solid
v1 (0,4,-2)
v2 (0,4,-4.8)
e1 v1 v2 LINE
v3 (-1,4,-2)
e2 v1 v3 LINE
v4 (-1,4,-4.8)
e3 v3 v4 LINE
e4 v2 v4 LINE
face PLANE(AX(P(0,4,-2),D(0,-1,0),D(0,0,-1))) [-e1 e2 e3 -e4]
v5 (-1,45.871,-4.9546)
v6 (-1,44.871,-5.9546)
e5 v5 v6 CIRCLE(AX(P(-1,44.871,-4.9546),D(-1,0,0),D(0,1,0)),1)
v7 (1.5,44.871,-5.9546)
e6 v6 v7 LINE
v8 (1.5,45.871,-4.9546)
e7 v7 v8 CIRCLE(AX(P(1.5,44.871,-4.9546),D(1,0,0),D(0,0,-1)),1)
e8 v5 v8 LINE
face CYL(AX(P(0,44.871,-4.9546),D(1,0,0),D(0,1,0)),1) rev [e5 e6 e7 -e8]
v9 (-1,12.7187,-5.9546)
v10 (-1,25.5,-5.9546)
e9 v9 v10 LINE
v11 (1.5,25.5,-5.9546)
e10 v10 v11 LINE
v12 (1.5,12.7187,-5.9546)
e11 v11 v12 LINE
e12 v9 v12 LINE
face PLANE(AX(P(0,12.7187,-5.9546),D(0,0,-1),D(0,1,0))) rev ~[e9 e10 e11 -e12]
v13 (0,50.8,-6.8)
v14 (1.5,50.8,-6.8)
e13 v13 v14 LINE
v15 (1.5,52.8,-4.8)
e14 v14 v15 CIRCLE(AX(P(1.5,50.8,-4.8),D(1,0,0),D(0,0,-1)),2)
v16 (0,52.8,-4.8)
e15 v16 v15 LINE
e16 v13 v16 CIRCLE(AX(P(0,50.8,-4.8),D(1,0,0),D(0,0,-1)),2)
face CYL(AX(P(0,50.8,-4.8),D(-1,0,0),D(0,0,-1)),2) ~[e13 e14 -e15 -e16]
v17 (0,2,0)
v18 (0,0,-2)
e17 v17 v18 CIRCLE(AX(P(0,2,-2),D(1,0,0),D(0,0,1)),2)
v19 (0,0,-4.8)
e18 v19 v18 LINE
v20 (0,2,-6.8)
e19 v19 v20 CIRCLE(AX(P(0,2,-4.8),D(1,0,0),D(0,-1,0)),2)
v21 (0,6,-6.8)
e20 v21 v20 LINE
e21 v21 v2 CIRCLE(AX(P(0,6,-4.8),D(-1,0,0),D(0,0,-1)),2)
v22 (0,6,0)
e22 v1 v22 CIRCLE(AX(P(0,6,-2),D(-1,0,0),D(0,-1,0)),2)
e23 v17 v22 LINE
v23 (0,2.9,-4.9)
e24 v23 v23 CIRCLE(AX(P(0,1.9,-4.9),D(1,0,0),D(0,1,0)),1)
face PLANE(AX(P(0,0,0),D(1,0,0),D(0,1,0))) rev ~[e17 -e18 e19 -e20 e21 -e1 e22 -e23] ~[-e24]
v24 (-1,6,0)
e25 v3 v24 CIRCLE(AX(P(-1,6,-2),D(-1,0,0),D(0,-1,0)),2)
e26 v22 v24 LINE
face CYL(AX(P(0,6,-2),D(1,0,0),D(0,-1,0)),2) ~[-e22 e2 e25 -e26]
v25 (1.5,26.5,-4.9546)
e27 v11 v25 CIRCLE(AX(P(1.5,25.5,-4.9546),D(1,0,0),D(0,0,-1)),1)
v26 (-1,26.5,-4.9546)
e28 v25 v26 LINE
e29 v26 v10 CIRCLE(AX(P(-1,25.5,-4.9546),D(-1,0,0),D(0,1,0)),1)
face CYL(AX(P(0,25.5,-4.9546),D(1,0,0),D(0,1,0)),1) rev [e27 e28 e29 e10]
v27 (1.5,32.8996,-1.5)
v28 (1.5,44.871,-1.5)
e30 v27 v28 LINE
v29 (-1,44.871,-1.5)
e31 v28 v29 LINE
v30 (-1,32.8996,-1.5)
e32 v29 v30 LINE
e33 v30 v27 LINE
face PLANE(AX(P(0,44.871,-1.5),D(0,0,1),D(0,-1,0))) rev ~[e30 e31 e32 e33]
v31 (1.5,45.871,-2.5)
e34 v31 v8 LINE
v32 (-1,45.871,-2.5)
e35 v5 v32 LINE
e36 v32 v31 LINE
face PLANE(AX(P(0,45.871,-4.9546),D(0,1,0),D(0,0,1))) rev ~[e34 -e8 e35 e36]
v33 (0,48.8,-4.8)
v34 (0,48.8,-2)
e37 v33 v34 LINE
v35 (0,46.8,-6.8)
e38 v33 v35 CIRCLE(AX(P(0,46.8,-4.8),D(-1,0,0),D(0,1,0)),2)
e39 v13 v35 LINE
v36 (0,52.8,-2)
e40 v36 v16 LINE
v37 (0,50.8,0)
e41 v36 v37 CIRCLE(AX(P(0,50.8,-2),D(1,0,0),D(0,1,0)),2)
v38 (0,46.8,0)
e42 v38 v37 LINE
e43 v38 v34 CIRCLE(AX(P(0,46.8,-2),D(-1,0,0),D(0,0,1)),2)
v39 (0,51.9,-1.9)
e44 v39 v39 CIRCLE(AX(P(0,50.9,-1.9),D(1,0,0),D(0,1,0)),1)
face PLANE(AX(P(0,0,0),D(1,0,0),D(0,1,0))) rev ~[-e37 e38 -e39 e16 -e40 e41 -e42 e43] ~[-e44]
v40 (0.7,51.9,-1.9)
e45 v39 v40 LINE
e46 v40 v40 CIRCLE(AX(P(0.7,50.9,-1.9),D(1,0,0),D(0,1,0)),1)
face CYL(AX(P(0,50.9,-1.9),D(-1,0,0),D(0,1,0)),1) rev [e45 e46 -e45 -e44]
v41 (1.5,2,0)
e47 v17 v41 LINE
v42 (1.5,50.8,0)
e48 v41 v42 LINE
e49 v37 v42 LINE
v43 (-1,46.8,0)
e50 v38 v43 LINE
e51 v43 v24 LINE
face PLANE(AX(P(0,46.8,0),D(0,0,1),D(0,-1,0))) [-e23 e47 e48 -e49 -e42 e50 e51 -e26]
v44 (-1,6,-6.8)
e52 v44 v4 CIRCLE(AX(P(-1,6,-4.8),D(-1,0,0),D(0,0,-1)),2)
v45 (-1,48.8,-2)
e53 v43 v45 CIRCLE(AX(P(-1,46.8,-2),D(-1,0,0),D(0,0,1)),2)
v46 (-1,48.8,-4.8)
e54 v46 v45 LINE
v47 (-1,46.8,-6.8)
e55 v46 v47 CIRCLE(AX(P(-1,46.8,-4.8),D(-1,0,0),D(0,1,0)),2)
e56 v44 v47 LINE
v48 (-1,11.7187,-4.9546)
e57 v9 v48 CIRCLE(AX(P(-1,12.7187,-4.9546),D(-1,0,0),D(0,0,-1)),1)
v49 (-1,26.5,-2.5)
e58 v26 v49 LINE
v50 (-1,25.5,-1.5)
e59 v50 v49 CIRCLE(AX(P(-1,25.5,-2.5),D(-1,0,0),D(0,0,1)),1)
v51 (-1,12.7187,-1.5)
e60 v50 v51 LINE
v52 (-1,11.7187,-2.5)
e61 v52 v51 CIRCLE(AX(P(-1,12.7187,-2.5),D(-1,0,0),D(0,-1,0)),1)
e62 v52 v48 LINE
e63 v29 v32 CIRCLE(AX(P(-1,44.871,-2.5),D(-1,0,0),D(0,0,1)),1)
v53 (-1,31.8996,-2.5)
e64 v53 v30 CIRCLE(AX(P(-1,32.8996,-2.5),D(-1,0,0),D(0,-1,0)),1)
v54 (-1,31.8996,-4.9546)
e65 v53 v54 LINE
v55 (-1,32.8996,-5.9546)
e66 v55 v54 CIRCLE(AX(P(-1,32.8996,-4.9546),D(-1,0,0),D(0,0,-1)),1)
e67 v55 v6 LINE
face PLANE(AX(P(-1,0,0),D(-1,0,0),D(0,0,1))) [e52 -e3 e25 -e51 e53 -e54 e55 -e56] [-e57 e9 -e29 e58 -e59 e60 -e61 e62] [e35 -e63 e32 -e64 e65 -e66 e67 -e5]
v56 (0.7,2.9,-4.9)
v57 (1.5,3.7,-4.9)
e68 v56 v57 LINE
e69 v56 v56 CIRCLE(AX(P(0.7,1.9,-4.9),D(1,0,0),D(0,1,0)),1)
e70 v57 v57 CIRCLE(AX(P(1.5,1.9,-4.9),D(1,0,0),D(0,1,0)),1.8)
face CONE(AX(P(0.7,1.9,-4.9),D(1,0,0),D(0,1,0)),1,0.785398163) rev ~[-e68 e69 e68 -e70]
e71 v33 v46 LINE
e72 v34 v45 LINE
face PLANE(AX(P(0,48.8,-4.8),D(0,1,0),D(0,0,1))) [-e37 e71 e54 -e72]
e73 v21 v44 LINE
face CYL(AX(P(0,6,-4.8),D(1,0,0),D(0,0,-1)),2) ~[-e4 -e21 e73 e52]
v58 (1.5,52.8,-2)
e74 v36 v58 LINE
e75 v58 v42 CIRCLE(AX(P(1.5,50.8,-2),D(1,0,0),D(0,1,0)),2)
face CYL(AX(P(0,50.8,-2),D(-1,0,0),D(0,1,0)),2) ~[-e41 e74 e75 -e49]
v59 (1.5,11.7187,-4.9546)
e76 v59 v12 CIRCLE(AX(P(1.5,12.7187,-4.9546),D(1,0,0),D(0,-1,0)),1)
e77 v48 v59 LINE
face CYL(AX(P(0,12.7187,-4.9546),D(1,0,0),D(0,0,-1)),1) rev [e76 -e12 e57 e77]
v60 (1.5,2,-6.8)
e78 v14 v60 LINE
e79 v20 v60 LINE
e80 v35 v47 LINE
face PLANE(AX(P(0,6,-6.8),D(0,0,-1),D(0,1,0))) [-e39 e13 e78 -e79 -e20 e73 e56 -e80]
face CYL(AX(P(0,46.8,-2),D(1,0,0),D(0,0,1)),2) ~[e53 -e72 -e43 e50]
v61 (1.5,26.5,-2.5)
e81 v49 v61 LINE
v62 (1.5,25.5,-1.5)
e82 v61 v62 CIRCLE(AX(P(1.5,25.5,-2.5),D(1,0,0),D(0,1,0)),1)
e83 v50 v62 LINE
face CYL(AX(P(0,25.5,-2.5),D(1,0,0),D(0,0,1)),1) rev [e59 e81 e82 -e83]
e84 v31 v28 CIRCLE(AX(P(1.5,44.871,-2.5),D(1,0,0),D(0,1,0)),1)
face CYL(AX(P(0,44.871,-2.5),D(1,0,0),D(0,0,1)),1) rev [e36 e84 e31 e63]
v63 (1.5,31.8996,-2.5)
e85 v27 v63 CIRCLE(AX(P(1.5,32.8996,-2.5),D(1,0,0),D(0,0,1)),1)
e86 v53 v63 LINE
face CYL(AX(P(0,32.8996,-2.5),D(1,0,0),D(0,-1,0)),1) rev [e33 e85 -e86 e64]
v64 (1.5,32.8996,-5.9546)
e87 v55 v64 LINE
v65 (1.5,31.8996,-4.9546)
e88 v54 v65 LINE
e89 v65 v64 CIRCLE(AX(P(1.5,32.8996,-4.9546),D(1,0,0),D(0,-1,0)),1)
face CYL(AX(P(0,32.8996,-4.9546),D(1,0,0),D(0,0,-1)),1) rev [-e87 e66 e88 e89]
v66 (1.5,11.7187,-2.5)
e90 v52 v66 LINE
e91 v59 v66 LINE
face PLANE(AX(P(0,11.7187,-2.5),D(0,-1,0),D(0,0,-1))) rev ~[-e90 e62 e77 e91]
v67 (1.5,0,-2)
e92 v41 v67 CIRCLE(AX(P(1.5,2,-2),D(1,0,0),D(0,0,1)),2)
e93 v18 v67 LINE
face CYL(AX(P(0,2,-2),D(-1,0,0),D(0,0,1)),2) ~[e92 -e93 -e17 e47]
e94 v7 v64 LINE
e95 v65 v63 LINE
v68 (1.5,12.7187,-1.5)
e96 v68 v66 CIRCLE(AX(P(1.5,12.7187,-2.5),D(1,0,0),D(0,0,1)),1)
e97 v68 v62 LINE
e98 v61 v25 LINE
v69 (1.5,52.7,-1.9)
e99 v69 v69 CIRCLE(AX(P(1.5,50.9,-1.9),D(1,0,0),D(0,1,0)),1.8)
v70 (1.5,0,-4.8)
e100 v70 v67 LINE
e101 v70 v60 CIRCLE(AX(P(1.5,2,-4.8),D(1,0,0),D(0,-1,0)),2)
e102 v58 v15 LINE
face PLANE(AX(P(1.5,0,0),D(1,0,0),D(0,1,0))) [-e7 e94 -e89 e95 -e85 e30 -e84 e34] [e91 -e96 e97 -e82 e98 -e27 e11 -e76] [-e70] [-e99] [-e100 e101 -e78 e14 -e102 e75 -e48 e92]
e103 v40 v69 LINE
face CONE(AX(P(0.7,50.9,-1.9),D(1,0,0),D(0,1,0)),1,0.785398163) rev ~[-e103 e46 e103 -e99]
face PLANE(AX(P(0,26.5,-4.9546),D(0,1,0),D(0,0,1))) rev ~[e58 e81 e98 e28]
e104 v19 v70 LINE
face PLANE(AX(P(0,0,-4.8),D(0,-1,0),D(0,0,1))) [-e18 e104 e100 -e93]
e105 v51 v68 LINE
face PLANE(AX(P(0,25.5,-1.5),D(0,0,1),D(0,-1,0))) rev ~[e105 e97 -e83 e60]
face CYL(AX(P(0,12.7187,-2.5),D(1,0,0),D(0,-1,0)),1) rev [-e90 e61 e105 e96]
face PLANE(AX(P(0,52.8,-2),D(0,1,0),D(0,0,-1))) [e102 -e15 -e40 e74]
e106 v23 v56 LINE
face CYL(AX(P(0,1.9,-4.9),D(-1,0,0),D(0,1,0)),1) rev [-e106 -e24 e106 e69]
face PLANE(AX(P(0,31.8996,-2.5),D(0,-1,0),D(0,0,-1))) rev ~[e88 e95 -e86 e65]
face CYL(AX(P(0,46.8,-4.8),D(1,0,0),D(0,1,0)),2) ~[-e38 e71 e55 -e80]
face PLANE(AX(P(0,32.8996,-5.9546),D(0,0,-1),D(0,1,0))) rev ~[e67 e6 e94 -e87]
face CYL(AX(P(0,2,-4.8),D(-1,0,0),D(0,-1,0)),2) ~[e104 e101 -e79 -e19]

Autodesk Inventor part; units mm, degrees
ref_plane "YZ Plane" through (0, 0, 0) normal (1, 0, 0) x (0, 1, 0)
ref_plane "XZ Plane" through (0, 0, 0) normal (0, 1, 0) x (-1, 0, 0)
ref_plane "XY Plane" through (0, 0, 0) normal (0, 0, 1) x (1, 0, 0)
sketch "Sketch1" plane through (0, 0, 0) normal (1, 0, 0) x (0, 1, 0)
  line L0 (2, 0) -> (50.8, 0)
  line L1 (52.8, -2) -> (52.8, -4.8)
  line L2 (50.8, -6.8) -> (2, -6.8)
  line L3 (0, -4.8) -> (0, -2)
  arc A0 (2, 0) -> (0, -2) centre (2, -2) ccw
  arc A1 (0, -4.8) -> (2, -6.8) centre (2, -4.8) ccw
  arc A2 (50.8, -6.8) -> (52.8, -4.8) centre (50.8, -4.8) ccw
  arc A3 (52.8, -2) -> (50.8, 0) centre (50.8, -2) ccw
  line L4 (26.4, 0) -> (26.4, -6.5481) construction
  line L5 (52.8, -3.4) -> (39.7965, -3.4) construction
  circle A4 centre (1.9, -4.9) radius 1
  circle A5 centre (50.9, -4.9) radius 1 construction
  circle A6 centre (50.9, -1.9) radius 1
  point P0 (0, 0)
  point P1 (52.8, 0)
  point P2 (0, -6.8)
  dimension "d0" = 52.8
  dimension "d1" = 6.8
  dimension "d2" = 2
  dimension "d19" = 2
  dimension "d20" = 0.1
  dimension "d21" = 0.1
extrude "Extrusion1" add sketch "Sketch1" along normal blind 1.5
chamfer "Chamfer1" distance 0.8 angle 45 2 edges at (1.5, 49.9, -1.9) (1.5, 0.9, -4.9)
sketch "Sketch2" plane through (1.5, 0, 0) normal (1, 0, 0) x (0, 0, -1)
  line L0 (0, 50.8) -> (0, 2) projected
  line L1 (2.5, 45.871) -> (4.9546, 45.871)
  line L2 (5.9546, 44.871) -> (5.9546, 32.8996)
  line L3 (4.9546, 31.8996) -> (2.5, 31.8996)
  line L4 (1.5, 32.8996) -> (1.5, 44.871)
  line L5 (2.5, 26.5) -> (4.9546, 26.5)
  line L6 (5.9546, 25.5) -> (5.9546, 12.7187)
  line L7 (4.9546, 11.7187) -> (2.5, 11.7187)
  line L8 (1.5, 12.7187) -> (1.5, 25.5)
  arc A0 (5.9546, 44.871) -> (4.9546, 45.871) centre (4.9546, 44.871) ccw
  arc A1 (2.5, 45.871) -> (1.5, 44.871) centre (2.5, 44.871) ccw
  arc A2 (1.5, 32.8996) -> (2.5, 31.8996) centre (2.5, 32.8996) ccw
  arc A3 (4.9546, 31.8996) -> (5.9546, 32.8996) centre (4.9546, 32.8996) ccw
  arc A4 (5.9546, 25.5) -> (4.9546, 26.5) centre (4.9546, 25.5) ccw
  arc A5 (4.9546, 11.7187) -> (5.9546, 12.7187) centre (4.9546, 12.7187) ccw
  arc A6 (1.5, 12.7187) -> (2.5, 11.7187) centre (2.5, 12.7187) ccw
  arc A7 (2.5, 26.5) -> (1.5, 25.5) centre (2.5, 25.5) ccw
  point P0 (0, 0)
  dimension "d9" = 1
  dimension "d10" = 1.5
  dimension "d11" = 1.5
extrude "Extrusion2" cut sketch "Sketch2" against normal blind 1.5
sketch "Sketch3" plane through (0, 0, 0) normal (-1, 0, 0) x (0, 0, 1)
  arc A0 (-1.5, 44.871) -> (-2.5, 45.871) centre (-2.5, 44.871) ccw projected
  line L0 (-1.5, 44.871) -> (-1.5, 32.8996) projected
  arc A1 (-2.5, 31.8996) -> (-1.5, 32.8996) centre (-2.5, 32.8996) ccw projected
  line L1 (-2.5, 31.8996) -> (-4.9546, 31.8996) projected
  arc A2 (-5.9546, 32.8996) -> (-4.9546, 31.8996) centre (-4.9546, 32.8996) ccw projected
  line L2 (-5.9546, 32.8996) -> (-5.9546, 44.871) projected
  arc A3 (-4.9546, 45.871) -> (-5.9546, 44.871) centre (-4.9546, 44.871) ccw projected
  line L3 (-4.9546, 45.871) -> (-2.5, 45.871) projected
  arc A4 (-4.9546, 26.5) -> (-5.9546, 25.5) centre (-4.9546, 25.5) ccw projected
  line L4 (-4.9546, 26.5) -> (-2.5, 26.5) projected
  arc A5 (-1.5, 25.5) -> (-2.5, 26.5) centre (-2.5, 25.5) ccw projected
  line L5 (-1.5, 25.5) -> (-1.5, 12.7187) projected
  arc A6 (-2.5, 11.7187) -> (-1.5, 12.7187) centre (-2.5, 12.7187) ccw projected
  line L6 (-2.5, 11.7187) -> (-4.9546, 11.7187) projected
  arc A7 (-5.9546, 12.7187) -> (-4.9546, 11.7187) centre (-4.9546, 12.7187) ccw projected
  line L7 (-5.9546, 12.7187) -> (-5.9546, 25.5) projected
  line L8 (0, 50.8) -> (0, 2) projected
  line L9 (-4.8, 52.8) -> (-2, 52.8) projected
  line L10 (-4.8, 48.8) -> (-2, 48.8)
  line L11 (0, 46.8) -> (0, 6)
  line L12 (-2, 4) -> (-4.8, 4)
  line L13 (-6.8, 6) -> (-6.8, 46.8)
  arc A8 (-4.8, 48.8) -> (-6.8, 46.8) centre (-4.8, 46.8) ccw
  arc A9 (0, 46.8) -> (-2, 48.8) centre (-2, 46.8) ccw
  arc A10 (-2, 4) -> (0, 6) centre (-2, 6) ccw
  arc A11 (-6.8, 6) -> (-4.8, 4) centre (-4.8, 6) ccw
  line L14 (-3.4, 52.8) -> (-3.4, 49.069) construction
  line L15 (-3.4, 48.8) -> (-3.4, 44.871) construction
  line L16 (0, 26.4) -> (-3, 26.4) construction
  line L17 (-6.8, 26.4) -> (-12.1303, 26.4) construction
  point P0 (0, 0)
  point P1 (0, 4)
  point P2 (0, 48.8)
  point P3 (-6.8, 4)
  point P4 (-6.8, 45.8508)
  point P5 (-6.8, 31.9198)
  point P6 (-6.8, 26.4798)
  point P7 (-6.8, 11.7389)
  dimension "d14" = 6.8
  dimension "d15" = 44.8
  dimension "d16" = 2
extrude "Extrusion3" add sketch "Sketch3" along normal blind 1
properties part number "IOModulePlate01"
